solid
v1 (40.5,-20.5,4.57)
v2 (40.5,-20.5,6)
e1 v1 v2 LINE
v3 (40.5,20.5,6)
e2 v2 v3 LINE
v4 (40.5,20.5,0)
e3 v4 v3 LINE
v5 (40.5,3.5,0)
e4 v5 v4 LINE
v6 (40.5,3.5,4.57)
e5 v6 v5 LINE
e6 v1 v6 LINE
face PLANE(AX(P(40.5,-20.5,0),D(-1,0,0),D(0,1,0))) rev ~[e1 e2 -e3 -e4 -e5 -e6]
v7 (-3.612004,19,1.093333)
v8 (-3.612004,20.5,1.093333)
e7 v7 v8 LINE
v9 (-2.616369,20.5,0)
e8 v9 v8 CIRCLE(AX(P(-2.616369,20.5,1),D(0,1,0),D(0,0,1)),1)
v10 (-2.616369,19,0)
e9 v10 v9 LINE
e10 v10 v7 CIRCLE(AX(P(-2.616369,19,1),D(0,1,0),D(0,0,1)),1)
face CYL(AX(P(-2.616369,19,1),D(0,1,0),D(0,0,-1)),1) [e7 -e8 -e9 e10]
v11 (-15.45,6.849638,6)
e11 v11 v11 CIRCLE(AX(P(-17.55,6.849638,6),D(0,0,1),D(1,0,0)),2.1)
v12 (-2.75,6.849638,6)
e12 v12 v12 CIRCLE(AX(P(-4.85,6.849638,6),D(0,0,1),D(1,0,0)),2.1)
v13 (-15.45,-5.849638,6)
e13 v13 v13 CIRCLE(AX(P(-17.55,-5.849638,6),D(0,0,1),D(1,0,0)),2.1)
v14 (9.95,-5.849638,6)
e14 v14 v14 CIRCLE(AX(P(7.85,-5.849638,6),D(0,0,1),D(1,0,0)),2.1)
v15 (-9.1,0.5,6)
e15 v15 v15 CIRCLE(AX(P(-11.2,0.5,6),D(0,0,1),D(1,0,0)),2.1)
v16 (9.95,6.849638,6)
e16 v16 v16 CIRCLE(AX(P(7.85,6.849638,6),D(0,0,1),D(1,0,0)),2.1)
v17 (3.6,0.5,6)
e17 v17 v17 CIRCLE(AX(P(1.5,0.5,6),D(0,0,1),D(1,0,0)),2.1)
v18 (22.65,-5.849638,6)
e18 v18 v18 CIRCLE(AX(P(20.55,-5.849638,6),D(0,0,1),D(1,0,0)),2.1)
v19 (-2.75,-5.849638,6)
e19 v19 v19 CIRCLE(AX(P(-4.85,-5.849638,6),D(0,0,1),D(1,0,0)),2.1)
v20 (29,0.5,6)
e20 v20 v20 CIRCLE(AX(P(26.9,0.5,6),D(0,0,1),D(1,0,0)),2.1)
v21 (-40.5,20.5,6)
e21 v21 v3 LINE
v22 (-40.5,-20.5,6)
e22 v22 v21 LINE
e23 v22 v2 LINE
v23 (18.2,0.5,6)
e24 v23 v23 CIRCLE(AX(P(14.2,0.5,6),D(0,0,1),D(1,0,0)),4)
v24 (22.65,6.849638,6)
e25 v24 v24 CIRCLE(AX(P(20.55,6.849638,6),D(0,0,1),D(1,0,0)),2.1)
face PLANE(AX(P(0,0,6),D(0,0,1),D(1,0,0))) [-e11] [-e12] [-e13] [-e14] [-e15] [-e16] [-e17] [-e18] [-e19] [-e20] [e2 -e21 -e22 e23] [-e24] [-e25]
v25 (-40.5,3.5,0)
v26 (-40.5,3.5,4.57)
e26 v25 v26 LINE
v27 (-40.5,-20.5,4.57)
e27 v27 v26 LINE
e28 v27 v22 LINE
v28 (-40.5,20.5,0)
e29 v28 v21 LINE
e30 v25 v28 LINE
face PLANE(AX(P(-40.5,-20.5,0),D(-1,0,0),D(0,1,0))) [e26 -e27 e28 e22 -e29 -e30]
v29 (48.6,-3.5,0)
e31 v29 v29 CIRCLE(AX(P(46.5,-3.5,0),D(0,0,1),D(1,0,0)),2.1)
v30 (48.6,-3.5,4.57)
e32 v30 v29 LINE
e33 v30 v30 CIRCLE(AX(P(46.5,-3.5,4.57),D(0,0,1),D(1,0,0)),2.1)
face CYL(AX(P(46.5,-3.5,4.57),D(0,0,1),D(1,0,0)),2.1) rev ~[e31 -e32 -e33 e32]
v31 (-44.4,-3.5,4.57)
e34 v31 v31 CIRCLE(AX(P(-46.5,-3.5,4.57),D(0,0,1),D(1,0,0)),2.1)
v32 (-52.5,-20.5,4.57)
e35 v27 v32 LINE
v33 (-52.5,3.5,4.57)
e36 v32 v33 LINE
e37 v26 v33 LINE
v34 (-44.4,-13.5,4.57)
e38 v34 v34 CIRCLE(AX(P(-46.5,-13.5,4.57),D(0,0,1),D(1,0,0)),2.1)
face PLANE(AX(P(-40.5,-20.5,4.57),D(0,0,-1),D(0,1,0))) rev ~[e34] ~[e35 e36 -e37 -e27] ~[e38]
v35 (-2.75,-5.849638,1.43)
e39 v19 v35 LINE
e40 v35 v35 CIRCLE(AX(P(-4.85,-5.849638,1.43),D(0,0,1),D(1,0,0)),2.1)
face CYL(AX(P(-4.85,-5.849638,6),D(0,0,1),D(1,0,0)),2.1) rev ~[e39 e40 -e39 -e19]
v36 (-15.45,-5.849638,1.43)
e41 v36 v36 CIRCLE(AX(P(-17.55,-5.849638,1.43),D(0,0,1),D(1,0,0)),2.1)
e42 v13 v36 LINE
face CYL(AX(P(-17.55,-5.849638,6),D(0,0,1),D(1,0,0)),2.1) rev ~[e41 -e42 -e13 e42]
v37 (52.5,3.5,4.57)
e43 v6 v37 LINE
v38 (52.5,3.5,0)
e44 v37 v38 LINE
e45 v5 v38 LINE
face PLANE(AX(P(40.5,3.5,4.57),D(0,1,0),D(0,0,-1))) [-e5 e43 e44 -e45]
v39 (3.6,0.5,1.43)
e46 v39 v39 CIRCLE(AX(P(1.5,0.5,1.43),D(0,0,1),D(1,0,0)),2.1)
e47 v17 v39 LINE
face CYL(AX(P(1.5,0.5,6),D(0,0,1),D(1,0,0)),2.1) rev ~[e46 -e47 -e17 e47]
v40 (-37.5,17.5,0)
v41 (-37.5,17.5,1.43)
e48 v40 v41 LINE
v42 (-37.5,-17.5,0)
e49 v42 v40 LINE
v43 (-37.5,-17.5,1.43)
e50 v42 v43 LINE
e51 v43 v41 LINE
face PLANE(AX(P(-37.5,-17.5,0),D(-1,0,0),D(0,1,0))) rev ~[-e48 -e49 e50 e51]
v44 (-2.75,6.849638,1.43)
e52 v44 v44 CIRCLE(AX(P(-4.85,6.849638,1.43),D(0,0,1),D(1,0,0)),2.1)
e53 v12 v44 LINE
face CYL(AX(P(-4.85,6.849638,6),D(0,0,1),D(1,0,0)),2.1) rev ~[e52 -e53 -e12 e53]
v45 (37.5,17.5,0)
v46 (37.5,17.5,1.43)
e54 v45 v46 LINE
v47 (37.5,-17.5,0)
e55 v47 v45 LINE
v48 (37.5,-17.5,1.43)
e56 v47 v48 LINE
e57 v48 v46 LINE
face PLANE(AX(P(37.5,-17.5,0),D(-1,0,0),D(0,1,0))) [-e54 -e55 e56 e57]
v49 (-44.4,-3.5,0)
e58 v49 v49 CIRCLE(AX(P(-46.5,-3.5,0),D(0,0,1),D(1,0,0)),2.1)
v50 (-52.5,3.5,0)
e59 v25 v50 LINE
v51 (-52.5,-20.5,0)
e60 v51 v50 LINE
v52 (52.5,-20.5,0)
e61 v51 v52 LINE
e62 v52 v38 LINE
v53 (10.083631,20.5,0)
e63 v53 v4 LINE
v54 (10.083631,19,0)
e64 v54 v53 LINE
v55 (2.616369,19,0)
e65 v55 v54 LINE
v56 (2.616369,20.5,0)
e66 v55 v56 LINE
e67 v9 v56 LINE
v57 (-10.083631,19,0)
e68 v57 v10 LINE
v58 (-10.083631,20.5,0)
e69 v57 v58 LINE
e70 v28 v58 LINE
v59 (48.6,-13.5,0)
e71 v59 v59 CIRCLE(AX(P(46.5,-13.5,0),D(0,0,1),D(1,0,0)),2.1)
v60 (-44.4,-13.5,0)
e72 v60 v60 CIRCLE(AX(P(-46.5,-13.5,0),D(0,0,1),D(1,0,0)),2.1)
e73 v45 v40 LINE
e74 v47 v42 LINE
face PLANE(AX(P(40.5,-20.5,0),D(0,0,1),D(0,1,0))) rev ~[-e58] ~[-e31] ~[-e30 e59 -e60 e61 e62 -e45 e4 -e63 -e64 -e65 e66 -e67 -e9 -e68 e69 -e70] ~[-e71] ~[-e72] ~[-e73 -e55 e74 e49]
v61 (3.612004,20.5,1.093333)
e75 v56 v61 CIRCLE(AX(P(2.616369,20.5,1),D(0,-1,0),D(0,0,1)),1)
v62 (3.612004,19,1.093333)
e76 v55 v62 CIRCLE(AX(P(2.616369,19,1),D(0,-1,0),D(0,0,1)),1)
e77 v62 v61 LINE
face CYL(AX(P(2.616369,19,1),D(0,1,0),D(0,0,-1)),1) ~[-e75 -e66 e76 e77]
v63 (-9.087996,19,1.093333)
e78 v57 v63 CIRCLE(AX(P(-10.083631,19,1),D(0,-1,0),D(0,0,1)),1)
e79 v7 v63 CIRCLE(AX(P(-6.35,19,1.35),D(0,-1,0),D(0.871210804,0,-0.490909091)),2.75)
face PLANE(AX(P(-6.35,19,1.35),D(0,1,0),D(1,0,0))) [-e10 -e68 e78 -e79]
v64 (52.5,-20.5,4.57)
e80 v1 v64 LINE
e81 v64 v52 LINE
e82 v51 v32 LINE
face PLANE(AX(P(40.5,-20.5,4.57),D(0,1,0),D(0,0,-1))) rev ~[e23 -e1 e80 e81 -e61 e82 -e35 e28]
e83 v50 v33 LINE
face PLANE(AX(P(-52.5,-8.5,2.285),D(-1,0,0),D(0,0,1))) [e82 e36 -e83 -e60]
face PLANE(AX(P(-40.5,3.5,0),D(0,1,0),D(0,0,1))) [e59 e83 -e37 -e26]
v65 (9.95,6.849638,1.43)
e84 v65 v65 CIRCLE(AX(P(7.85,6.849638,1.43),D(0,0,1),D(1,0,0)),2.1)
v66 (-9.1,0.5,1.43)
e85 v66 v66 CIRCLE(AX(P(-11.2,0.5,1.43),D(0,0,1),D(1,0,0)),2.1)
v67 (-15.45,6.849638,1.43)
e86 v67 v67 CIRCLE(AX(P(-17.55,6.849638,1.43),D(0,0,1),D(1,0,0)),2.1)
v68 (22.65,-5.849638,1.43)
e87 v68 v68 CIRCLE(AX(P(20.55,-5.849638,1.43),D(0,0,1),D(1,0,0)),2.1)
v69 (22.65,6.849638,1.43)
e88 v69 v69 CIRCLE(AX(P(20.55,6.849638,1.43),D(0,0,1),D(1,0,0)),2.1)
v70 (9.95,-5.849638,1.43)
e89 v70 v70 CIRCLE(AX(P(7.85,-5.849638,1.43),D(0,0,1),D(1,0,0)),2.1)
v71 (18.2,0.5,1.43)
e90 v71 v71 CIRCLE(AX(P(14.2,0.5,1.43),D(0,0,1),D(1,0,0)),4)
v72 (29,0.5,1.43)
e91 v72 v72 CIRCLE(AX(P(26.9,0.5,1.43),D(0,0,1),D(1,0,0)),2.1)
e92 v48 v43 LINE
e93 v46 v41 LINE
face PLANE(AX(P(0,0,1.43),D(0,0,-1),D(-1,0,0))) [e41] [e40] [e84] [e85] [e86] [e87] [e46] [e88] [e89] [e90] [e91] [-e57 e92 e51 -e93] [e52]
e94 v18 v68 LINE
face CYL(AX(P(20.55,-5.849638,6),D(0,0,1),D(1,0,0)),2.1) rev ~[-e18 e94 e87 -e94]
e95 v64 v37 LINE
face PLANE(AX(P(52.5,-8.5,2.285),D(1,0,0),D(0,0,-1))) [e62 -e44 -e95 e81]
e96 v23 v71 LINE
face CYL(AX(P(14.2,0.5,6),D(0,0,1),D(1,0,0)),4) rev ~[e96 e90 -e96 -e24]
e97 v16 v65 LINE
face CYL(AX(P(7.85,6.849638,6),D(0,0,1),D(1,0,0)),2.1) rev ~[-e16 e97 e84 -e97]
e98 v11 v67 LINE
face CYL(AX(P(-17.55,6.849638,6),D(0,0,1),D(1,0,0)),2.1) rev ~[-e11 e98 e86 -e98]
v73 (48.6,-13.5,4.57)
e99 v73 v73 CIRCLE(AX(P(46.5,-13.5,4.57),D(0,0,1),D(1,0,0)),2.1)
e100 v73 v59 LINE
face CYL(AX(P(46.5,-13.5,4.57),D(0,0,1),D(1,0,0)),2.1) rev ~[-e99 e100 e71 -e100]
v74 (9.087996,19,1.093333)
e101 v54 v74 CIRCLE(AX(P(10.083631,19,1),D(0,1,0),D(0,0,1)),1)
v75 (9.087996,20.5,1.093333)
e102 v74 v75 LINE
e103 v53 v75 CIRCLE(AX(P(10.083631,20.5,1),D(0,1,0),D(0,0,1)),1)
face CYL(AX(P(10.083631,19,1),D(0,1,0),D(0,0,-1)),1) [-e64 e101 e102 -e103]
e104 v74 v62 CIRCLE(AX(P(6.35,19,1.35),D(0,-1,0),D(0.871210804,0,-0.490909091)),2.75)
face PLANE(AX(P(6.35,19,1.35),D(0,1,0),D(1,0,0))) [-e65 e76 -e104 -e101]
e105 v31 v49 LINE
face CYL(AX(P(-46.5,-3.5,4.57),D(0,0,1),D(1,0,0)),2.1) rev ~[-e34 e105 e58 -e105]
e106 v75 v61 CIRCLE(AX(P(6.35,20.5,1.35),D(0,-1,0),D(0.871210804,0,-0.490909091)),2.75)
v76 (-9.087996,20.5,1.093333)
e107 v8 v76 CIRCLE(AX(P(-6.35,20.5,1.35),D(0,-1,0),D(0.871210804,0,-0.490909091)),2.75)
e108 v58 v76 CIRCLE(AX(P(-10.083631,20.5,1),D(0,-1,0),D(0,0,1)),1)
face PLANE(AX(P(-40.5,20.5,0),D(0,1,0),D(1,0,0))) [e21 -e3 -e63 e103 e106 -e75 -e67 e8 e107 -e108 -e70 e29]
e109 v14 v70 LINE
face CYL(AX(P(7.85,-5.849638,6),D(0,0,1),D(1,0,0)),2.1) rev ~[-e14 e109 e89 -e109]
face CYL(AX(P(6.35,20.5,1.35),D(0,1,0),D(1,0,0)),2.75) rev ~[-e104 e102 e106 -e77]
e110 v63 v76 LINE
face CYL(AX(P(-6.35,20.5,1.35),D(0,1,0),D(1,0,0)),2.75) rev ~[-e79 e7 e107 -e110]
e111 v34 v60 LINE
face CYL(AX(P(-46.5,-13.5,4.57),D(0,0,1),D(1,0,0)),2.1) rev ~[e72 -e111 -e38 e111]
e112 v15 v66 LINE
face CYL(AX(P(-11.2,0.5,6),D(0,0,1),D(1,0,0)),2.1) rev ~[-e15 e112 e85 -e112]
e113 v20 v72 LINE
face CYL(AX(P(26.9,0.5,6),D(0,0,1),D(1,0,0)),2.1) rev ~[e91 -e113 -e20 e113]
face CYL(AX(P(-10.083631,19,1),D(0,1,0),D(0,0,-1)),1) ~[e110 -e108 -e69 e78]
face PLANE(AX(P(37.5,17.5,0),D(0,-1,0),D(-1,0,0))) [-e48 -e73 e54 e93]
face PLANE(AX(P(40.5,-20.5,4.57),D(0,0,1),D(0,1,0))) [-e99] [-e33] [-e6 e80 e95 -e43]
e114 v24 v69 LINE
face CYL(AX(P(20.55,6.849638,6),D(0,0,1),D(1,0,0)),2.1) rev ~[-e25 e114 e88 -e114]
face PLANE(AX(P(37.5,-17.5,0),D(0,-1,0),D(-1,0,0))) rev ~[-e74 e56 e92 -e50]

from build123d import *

# Parameters (mm, degrees)
SKETCH1_W           = 81
SKETCH1_H           = 41
BOSS_EXTRUDE1_DEPTH = 6
SKETCH5_W           = 75
SKETCH5_H           = 35
CUT_EXTRUDE1_DEPTH  = 1.43
SKETCH8_R           = 2.1
SKETCH8_R_2         = 4
CUT_EXTRUDE2_DEPTH  = 7
SKETCH9_R           = 2.75
CUT_EXTRUDE3_DEPTH  = 1.5
FILLET1_R           = 1
SKETCH10_W          = 4.57
SKETCH10_H          = 24
BOSS_EXTRUDE2_DEPTH = 12
SKETCH12_W          = 4.57
SKETCH12_H          = 24
BOSS_EXTRUDE3_DEPTH = 12
SKETCH13_R          = 2.1
CUT_EXTRUDE4_DEPTH  = 5.57


with BuildPart() as part:
    # Sketch1 → Boss-Extrude1 (new body)
    with BuildSketch(Plane.XY):
        Rectangle(SKETCH1_W, SKETCH1_H)
    extrude(amount=BOSS_EXTRUDE1_DEPTH)

    # Sketch5 → Cut-Extrude1 (cut)
    with BuildSketch(Plane(origin=(0, 0, 0), x_dir=(-1, 0, 0), z_dir=(0, 0, -1))):
        Rectangle(SKETCH5_W, SKETCH5_H)
    extrude(amount=-CUT_EXTRUDE1_DEPTH, mode=Mode.SUBTRACT)

    # Sketch8 → Cut-Extrude2 (cut, through all)
    with BuildSketch(Plane.XY.offset(6)):
        with Locations((26.9, 0.5)):
            Circle(SKETCH8_R)
        with Locations((20.55, 6.849637785)):
            Circle(SKETCH8_R)
        with Locations((7.85, 6.849637785)):
            Circle(SKETCH8_R)
        with Locations((7.85, -5.849637785)):
            Circle(SKETCH8_R)
        with Locations((20.55, -5.849637785)):
            Circle(SKETCH8_R)
        with Locations((1.5, 0.5)):
            Circle(SKETCH8_R)
        with Locations((-4.85, 6.849637785)):
            Circle(SKETCH8_R)
        with Locations((-4.85, -5.849637785)):
            Circle(SKETCH8_R)
        with Locations((-11.2, 0.5)):
            Circle(SKETCH8_R)
        with Locations((-17.55, 6.849637785)):
            Circle(SKETCH8_R)
        with Locations((-17.55, -5.849637785)):
            Circle(SKETCH8_R)
        with Locations((14.2, 0.5)):
            Circle(SKETCH8_R_2)
    extrude(amount=-CUT_EXTRUDE2_DEPTH, mode=Mode.SUBTRACT)

    # Sketch9 → Cut-Extrude3 (cut)
    with BuildSketch(Plane(origin=(0, 20.5, 0), x_dir=(1, 0, 0), z_dir=(0, 1, 0))):
        with Locations((6.35, -1.35)):
            Circle(SKETCH9_R)
        with Locations((-6.35, -1.35)):
            Circle(SKETCH9_R)
    extrude(amount=-CUT_EXTRUDE3_DEPTH, mode=Mode.SUBTRACT)

    # Fillet1
    fillet1_edges = [part.edges().sort_by_distance(p)[0] for p in [
        (-8.74582971, 19.75, 0),
        (-3.95417029, 19.75, 0),
        (3.95417029, 19.75, 0),
        (8.74582971, 19.75, 0),
    ]]
    fillet(fillet1_edges, radius=FILLET1_R)

    # Sketch10 → Boss-Extrude2 (add)
    with BuildSketch(Plane.ZY.offset(40.5)):
        with Locations((2.285, -8.5)):
            Rectangle(SKETCH10_W, SKETCH10_H)
    extrude(amount=BOSS_EXTRUDE2_DEPTH)

    # Sketch12 → Boss-Extrude3 (add)
    with BuildSketch(Plane(origin=(40.5, 0, 0), x_dir=(0, 0, -1), z_dir=(1, 0, 0))):
        with Locations((-2.285, -8.5)):
            Rectangle(SKETCH12_W, SKETCH12_H)
    extrude(amount=BOSS_EXTRUDE3_DEPTH)

    # Sketch13 → Cut-Extrude4 (cut, through all)
    with BuildSketch(Plane.XY.offset(4.57)):
        with Locations((-46.5, -3.5)):
            Circle(SKETCH13_R)
        with Locations((-46.5, -13.5)):
            Circle(SKETCH13_R)
        with Locations((46.5, -3.5)):
            Circle(SKETCH13_R)
        with Locations((46.5, -13.5)):
            Circle(SKETCH13_R)
    extrude(amount=-CUT_EXTRUDE4_DEPTH, mode=Mode.SUBTRACT)


solid = part.part
